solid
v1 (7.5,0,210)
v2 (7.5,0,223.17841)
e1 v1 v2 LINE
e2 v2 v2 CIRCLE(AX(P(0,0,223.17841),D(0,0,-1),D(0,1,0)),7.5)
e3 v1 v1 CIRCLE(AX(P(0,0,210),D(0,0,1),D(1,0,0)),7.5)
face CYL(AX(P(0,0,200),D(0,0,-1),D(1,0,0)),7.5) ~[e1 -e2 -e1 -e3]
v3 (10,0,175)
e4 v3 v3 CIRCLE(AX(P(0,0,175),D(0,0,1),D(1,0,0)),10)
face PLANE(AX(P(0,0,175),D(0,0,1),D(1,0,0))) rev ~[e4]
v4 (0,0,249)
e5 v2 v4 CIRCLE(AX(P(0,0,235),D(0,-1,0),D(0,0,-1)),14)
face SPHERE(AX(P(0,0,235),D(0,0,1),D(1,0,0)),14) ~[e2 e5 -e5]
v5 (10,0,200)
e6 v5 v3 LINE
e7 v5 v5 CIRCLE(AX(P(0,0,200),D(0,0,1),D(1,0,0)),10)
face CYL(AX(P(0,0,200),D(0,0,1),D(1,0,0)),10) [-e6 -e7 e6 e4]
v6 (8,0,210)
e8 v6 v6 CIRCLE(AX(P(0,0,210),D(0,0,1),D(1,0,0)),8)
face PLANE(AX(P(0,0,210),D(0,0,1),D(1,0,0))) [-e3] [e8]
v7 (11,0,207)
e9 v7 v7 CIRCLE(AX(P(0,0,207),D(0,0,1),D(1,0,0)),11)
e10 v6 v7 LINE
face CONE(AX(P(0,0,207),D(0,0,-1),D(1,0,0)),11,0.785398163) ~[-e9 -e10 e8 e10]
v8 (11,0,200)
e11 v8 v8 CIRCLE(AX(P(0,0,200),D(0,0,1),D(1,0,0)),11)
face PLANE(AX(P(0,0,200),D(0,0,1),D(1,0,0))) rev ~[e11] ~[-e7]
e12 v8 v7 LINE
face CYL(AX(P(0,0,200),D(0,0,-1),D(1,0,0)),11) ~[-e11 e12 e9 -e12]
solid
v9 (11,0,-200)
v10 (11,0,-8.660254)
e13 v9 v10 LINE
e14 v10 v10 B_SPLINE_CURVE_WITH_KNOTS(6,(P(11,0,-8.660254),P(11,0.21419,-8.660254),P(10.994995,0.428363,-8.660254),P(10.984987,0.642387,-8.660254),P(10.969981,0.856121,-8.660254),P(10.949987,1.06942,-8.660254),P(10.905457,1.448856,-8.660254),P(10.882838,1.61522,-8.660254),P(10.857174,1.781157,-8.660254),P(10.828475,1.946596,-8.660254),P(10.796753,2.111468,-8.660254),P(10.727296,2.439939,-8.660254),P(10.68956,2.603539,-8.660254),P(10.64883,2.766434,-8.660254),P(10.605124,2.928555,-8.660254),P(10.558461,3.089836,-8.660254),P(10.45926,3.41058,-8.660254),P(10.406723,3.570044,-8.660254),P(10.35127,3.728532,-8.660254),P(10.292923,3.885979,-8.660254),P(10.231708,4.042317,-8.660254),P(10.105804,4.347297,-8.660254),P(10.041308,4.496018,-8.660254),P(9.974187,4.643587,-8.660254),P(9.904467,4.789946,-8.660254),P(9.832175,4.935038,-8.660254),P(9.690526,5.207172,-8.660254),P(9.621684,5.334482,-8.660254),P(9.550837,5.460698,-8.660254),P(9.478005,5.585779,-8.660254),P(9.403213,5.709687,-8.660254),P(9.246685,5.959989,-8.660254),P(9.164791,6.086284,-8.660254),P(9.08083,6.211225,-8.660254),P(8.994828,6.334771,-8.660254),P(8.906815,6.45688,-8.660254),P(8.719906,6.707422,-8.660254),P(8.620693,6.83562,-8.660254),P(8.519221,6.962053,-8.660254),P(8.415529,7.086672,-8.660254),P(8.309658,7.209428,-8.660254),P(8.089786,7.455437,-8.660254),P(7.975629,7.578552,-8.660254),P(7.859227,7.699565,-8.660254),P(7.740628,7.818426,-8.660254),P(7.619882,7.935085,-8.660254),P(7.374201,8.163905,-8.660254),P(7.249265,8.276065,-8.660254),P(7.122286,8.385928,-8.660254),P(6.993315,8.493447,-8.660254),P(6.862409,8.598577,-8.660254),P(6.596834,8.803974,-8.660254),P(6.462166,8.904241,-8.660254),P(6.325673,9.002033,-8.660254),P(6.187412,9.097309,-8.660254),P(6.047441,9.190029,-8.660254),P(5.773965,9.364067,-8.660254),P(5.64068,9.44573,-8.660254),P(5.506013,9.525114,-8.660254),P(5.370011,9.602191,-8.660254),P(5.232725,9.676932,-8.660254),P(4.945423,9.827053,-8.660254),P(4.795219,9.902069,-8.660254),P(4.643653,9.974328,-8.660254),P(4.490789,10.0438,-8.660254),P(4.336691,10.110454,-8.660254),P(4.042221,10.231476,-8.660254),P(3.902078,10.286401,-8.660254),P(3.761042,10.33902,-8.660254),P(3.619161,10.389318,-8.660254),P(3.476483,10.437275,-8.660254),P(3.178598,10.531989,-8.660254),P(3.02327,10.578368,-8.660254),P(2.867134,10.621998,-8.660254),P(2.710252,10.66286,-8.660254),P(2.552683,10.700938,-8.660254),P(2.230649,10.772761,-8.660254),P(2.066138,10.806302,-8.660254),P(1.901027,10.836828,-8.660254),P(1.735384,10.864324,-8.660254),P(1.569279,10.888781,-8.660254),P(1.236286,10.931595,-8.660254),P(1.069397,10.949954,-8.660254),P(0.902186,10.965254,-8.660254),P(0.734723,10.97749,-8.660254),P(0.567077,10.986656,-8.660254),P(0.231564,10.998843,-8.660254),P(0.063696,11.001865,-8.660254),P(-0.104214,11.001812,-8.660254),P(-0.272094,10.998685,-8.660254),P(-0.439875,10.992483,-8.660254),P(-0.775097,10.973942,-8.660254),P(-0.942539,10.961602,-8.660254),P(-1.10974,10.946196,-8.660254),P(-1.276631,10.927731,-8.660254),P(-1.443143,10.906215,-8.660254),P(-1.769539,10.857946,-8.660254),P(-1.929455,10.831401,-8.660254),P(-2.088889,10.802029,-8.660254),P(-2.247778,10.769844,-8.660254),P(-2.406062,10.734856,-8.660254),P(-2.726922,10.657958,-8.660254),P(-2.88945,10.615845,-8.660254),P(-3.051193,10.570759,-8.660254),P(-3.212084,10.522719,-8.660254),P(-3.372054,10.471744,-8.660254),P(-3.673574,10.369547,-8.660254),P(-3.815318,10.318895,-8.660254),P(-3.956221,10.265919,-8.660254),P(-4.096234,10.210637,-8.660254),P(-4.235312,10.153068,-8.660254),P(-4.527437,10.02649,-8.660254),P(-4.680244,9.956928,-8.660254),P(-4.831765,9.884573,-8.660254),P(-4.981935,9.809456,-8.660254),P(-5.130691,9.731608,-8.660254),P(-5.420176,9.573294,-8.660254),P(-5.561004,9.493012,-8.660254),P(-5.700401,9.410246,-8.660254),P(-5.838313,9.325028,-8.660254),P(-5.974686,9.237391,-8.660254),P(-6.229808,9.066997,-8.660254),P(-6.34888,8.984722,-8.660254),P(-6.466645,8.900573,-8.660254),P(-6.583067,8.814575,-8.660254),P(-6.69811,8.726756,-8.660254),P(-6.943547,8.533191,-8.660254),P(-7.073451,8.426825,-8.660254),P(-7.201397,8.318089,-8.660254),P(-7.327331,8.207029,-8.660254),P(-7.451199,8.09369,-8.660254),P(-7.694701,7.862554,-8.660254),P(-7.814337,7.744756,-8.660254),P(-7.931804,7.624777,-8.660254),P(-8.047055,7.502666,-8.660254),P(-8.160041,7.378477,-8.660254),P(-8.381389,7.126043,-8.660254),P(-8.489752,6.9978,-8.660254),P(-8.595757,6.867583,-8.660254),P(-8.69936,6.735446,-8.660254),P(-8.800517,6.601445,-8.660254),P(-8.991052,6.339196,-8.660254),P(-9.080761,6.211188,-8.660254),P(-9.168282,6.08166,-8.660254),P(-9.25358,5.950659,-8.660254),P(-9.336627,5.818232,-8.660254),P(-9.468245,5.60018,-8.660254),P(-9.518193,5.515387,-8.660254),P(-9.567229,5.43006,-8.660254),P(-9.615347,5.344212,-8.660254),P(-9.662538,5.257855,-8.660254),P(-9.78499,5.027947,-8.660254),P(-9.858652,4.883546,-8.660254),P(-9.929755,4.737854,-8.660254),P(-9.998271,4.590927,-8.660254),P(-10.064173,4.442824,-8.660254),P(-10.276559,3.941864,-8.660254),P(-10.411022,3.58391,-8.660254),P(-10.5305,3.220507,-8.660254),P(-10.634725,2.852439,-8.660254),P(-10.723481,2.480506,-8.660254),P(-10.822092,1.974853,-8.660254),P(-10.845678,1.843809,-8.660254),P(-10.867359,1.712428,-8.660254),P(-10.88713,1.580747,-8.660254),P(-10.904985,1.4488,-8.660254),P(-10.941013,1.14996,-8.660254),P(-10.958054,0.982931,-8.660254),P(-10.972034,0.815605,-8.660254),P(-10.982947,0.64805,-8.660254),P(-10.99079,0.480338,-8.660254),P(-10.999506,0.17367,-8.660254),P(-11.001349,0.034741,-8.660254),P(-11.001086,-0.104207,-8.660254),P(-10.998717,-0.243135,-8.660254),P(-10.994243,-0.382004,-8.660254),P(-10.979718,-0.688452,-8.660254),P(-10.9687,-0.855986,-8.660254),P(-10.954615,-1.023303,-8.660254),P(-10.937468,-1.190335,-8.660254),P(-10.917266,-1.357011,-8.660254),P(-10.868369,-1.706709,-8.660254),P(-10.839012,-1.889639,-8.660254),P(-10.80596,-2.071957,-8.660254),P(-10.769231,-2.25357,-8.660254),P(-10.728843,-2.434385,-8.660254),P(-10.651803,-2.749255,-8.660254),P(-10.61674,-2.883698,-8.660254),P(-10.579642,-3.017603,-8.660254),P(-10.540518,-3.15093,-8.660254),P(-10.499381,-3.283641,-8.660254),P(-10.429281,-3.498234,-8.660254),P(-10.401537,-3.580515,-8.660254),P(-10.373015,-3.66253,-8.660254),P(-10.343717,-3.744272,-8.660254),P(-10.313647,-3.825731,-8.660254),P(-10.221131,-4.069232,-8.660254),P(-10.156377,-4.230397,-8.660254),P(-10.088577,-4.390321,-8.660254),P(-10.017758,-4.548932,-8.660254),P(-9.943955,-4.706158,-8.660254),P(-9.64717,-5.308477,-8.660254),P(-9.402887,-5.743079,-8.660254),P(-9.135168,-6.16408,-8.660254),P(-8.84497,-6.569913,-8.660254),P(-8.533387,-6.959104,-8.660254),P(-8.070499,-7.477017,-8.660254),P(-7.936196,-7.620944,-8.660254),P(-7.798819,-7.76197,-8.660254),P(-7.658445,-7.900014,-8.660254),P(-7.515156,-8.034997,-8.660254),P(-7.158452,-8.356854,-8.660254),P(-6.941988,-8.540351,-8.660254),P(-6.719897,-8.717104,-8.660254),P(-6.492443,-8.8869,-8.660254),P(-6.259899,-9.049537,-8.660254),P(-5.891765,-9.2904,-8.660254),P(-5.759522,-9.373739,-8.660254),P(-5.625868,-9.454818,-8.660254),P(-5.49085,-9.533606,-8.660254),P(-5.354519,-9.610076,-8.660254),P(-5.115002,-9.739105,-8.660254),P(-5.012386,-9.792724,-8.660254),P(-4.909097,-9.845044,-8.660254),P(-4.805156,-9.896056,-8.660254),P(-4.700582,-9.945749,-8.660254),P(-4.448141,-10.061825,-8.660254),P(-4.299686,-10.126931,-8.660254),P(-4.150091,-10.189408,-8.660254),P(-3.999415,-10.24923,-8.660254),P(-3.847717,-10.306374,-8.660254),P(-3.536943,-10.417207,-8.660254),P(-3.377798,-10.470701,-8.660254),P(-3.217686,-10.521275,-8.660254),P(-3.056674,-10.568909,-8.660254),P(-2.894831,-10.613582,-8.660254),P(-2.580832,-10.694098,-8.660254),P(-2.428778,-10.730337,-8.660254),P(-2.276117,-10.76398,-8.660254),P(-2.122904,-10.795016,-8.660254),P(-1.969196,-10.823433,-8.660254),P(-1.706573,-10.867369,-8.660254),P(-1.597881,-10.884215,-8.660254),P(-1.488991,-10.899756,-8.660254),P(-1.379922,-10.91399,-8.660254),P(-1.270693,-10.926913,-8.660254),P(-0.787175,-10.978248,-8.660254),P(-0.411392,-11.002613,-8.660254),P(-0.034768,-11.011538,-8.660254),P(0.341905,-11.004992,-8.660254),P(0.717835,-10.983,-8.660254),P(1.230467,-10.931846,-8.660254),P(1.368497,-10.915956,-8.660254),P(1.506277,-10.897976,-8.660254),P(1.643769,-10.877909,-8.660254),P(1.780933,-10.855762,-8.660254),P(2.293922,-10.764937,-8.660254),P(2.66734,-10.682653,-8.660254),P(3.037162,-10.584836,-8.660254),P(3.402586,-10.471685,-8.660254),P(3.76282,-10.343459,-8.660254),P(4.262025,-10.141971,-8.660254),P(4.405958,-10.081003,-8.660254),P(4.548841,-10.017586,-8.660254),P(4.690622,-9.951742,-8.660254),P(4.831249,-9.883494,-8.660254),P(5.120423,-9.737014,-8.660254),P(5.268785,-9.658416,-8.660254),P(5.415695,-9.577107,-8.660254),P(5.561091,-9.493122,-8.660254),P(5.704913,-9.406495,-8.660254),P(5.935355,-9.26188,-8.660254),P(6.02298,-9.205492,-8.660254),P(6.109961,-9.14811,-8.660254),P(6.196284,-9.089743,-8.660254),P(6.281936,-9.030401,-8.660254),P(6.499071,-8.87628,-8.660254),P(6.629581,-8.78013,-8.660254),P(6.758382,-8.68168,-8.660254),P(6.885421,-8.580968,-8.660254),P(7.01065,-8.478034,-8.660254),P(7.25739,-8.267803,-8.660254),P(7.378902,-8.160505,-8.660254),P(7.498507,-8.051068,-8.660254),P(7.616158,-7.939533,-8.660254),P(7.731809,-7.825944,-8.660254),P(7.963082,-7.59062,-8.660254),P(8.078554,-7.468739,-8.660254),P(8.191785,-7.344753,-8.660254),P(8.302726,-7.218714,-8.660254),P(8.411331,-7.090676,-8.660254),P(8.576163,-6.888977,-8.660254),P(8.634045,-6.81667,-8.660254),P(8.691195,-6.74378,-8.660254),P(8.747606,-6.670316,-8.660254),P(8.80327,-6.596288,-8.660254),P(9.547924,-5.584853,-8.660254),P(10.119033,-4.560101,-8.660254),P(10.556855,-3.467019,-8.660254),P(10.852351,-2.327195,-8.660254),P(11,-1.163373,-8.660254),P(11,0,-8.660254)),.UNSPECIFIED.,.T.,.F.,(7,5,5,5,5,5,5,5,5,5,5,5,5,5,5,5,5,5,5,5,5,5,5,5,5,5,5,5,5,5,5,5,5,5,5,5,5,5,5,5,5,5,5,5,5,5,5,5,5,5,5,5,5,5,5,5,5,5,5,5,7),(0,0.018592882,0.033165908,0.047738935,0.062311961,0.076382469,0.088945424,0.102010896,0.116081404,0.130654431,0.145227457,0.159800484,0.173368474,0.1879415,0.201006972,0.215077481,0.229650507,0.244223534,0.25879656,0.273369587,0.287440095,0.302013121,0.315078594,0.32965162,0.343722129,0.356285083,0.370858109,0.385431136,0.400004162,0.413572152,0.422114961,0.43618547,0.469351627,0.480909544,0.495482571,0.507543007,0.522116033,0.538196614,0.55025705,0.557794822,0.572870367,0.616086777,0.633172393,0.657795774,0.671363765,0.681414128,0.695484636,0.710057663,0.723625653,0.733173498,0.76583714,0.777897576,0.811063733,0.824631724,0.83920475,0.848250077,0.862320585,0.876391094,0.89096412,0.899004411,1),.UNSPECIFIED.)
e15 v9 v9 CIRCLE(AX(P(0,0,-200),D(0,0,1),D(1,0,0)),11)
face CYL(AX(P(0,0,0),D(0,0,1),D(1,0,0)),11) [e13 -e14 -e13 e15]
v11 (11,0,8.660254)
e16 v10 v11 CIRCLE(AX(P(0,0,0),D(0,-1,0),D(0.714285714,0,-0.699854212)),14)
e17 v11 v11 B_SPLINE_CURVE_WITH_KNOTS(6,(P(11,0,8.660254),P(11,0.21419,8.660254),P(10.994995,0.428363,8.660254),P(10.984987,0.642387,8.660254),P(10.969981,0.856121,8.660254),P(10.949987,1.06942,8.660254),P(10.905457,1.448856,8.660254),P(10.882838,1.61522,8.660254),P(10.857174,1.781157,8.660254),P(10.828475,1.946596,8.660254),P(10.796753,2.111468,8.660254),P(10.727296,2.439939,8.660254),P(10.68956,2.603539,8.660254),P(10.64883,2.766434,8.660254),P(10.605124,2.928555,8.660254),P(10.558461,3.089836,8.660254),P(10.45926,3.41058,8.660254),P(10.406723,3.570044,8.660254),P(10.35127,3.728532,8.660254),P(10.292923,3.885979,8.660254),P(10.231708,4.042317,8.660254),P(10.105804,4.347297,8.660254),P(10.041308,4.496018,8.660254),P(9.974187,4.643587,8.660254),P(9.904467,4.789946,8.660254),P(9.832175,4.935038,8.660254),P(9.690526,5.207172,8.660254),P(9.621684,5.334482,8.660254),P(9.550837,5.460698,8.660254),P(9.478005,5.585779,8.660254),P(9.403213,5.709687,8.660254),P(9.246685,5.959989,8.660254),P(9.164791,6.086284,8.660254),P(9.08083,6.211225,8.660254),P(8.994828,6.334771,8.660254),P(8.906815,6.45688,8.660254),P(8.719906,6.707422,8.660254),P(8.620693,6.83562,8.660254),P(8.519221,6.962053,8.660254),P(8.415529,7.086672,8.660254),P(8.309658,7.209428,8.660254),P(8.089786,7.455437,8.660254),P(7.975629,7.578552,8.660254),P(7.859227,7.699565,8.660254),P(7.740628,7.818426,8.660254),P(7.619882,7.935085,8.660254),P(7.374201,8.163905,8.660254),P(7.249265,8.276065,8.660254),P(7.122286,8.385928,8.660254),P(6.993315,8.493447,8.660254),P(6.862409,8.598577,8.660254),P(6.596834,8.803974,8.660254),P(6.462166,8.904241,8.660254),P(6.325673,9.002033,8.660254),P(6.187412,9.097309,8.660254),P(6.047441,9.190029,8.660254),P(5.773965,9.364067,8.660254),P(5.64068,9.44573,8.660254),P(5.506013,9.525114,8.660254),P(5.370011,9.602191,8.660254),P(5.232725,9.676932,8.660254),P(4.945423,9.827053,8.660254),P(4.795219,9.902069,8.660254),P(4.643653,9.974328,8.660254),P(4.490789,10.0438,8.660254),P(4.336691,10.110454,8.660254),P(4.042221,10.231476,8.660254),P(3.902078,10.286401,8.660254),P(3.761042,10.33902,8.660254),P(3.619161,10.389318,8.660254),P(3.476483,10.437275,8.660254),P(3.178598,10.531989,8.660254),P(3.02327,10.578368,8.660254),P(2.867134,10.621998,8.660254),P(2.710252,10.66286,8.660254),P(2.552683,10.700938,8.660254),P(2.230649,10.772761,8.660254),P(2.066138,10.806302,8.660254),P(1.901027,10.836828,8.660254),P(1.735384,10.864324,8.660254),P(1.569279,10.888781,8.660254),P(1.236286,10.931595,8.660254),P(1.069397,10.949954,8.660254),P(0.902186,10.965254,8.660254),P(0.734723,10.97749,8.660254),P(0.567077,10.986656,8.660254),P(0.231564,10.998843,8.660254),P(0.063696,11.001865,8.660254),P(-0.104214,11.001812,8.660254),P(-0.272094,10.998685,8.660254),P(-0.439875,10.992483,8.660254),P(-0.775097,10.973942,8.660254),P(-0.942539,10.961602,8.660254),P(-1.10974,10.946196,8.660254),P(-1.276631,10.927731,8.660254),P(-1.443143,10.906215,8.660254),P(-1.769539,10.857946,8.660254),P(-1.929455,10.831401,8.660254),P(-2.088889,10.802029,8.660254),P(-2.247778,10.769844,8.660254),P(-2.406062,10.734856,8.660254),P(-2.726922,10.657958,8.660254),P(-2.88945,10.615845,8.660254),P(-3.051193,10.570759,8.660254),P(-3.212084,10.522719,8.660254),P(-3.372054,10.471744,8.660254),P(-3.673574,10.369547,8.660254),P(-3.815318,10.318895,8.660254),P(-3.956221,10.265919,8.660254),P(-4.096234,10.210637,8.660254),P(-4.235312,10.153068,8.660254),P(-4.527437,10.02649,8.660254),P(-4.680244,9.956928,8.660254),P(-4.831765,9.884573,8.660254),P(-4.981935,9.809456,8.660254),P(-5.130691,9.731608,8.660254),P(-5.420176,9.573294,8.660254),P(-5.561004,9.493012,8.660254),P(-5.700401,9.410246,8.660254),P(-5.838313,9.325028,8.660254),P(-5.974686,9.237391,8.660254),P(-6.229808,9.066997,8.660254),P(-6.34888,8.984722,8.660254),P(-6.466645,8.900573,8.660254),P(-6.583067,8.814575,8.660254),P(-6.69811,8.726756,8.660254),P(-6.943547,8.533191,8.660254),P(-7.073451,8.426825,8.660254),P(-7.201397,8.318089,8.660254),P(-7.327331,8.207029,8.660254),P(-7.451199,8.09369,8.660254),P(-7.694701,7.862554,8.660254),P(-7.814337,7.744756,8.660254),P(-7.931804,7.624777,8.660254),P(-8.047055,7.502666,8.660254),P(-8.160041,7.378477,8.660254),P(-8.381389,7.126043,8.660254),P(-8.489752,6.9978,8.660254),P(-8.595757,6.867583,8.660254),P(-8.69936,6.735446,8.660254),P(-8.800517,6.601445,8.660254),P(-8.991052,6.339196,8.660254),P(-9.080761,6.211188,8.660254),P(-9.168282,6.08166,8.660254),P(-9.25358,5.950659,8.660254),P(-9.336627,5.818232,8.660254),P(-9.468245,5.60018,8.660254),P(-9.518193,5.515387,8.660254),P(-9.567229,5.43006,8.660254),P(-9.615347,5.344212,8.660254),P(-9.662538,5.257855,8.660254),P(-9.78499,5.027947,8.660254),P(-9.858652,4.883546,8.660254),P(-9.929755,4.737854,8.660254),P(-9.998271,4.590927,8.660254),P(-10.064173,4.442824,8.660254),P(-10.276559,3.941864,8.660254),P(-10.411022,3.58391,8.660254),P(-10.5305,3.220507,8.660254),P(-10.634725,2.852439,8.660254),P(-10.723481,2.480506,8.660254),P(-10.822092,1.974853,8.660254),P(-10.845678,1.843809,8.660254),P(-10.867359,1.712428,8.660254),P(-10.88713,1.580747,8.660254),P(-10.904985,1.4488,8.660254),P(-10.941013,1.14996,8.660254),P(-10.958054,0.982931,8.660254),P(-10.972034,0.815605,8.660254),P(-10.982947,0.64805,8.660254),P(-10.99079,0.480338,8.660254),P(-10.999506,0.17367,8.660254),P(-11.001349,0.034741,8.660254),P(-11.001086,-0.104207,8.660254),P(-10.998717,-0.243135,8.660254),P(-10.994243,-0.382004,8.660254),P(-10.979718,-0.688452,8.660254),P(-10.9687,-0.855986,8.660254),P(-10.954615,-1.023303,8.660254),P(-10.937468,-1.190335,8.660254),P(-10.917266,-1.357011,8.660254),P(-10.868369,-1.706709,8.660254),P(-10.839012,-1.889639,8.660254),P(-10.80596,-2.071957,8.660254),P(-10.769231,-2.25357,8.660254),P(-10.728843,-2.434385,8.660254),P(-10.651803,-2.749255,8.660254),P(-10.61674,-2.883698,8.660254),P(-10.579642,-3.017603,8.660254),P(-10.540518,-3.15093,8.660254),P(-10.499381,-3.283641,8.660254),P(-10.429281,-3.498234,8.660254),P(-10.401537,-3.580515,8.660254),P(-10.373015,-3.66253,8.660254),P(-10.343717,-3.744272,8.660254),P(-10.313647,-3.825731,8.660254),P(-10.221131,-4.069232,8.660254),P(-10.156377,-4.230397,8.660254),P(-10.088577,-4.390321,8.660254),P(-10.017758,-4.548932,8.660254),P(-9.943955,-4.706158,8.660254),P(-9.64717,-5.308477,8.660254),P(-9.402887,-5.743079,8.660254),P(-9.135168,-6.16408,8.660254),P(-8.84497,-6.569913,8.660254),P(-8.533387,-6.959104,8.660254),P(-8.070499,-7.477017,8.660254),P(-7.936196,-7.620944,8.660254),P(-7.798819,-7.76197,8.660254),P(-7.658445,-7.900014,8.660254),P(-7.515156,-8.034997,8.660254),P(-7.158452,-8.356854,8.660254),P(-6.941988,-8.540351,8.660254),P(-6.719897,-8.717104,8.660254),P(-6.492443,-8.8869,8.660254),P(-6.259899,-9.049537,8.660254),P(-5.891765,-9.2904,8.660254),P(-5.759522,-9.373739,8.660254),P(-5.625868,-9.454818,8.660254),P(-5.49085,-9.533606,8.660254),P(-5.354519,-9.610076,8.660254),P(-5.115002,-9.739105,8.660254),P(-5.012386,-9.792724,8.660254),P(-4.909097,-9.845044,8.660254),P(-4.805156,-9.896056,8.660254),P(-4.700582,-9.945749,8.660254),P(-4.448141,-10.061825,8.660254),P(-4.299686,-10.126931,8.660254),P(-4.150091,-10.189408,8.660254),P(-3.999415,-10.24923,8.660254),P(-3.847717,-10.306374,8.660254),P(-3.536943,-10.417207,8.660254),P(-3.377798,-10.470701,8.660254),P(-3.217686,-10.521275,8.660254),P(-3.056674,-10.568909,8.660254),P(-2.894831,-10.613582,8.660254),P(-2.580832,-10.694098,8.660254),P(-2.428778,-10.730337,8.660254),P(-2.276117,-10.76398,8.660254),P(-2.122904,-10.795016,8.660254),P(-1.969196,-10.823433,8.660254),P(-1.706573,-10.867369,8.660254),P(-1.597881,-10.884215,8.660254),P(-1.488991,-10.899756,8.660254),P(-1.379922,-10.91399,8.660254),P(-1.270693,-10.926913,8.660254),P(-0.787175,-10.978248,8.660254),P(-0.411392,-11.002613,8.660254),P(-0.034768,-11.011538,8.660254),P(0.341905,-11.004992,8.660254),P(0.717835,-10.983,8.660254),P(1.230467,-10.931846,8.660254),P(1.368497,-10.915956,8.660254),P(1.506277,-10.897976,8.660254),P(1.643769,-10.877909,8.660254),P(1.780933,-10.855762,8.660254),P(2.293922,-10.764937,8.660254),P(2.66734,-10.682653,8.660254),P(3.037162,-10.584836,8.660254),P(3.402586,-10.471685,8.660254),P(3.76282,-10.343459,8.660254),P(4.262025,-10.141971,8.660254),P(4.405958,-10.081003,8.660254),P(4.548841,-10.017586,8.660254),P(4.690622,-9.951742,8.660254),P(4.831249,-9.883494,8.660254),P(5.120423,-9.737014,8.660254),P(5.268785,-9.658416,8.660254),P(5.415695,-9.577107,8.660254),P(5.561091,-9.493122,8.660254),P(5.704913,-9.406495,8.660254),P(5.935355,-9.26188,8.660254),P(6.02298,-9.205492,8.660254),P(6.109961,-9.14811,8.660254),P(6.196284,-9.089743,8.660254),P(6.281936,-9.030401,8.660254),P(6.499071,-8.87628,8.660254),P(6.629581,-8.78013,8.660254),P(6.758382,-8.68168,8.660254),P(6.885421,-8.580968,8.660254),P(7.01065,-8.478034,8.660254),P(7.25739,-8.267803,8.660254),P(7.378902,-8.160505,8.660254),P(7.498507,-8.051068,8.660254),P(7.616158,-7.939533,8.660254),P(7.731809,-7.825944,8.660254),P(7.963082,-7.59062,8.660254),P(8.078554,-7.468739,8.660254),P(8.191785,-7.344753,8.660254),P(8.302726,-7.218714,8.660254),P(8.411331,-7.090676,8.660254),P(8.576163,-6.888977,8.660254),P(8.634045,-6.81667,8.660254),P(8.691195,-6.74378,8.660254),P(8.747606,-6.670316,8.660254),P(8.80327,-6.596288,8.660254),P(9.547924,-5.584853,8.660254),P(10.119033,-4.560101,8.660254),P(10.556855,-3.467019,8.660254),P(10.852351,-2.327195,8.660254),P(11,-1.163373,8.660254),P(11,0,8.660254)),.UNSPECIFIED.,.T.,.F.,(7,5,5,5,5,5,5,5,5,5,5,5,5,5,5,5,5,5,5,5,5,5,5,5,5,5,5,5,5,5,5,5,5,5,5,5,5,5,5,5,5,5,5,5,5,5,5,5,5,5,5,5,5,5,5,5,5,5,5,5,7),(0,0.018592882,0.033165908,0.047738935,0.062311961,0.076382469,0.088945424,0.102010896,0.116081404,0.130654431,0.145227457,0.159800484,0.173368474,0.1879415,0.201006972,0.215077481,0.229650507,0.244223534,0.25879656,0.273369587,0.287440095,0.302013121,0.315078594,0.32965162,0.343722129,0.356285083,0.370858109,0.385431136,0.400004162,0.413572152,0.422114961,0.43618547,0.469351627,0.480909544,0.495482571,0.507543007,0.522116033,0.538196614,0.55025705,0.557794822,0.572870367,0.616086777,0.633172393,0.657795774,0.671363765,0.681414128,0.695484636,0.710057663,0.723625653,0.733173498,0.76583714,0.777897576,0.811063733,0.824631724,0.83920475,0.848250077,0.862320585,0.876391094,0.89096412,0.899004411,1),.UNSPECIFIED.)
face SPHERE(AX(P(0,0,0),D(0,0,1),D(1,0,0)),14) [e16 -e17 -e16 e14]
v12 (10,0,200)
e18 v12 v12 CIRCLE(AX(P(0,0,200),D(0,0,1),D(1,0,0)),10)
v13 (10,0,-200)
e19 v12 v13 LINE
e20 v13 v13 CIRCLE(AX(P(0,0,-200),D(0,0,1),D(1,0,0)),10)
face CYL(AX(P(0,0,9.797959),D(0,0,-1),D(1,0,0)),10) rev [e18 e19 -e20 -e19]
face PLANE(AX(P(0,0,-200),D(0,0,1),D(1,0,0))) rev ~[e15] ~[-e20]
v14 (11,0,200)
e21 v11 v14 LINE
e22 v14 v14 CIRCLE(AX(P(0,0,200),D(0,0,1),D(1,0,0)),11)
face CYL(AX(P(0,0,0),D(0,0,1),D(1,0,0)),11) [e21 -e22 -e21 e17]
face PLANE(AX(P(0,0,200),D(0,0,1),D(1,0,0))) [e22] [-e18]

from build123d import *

# Parameters (mm, degrees)
F0_R     = 11
F0_R_2   = 10
F1_DEPTH = 200
F4_R     = 10
F4_R_2   = 7.5
F5_DEPTH = 25
F4_R_3   = 11
F6_DEPTH = 10
F7_DEPTH = 35
F8_SIZE  = 3


with BuildPart() as f1:
    # F0 (on Top) → F1 (new body, symmetric)
    with BuildSketch(Plane.XY):
        Circle(F0_R)
        Circle(F0_R_2, mode=Mode.SUBTRACT)
    extrude(amount=F1_DEPTH, both=True)

    # F2 (on Front) → F3 (revolve)
    with BuildSketch(Plane.XZ):
        with BuildLine():
            Line((10, 9.7979589711), (10, -9.7979589711))
            ThreePointArc((10, -9.7979589711), (14, 0), (10, 9.7979589711))
        make_face()
    revolve(axis=Axis((0, 0, 0), (0, 0, 1)))


with BuildPart() as f5:
    # F4 (on face) → F5 (new body)
    with BuildSketch(Plane.XY.offset(200)):
        Circle(F4_R)
        Circle(F4_R_2, mode=Mode.SUBTRACT)
        Circle(F4_R_2)
    extrude(amount=-F5_DEPTH)



with BuildPart() as f6:
    # F4 (on face) → F6 (new body)
    with BuildSketch(Plane.XY.offset(200)):
        Circle(F4_R_3)
        Circle(F4_R, mode=Mode.SUBTRACT)
        Circle(F4_R)
        Circle(F4_R_2, mode=Mode.SUBTRACT)
    extrude(amount=F6_DEPTH)


with BuildPart() as f5_1:
    add(f5.part)

    add(f6.part)  # F7 merges F6
    # F4 (on face) → F7 (join)
    with BuildSketch(Plane.XY.offset(200)):
        Circle(F4_R_2)
    extrude(amount=F7_DEPTH)

    # F8
    f8_edges = [f5_1.edges().sort_by_distance(p)[0] for p in [
        (-11, 0, 210),
    ]]
    chamfer(f8_edges, length=F8_SIZE)

    # F9 (on Front) → F10 (revolve)
    with BuildSketch(Plane.XZ):
        with BuildLine():
            Line((0, 249), (0, 221))
            ThreePointArc((0, 221), (14, 235), (0, 249))
        make_face()
    revolve(axis=Axis((0, 0, 200), (0, 0, -1)))


solid = Compound([f1.part, f5_1.part])
